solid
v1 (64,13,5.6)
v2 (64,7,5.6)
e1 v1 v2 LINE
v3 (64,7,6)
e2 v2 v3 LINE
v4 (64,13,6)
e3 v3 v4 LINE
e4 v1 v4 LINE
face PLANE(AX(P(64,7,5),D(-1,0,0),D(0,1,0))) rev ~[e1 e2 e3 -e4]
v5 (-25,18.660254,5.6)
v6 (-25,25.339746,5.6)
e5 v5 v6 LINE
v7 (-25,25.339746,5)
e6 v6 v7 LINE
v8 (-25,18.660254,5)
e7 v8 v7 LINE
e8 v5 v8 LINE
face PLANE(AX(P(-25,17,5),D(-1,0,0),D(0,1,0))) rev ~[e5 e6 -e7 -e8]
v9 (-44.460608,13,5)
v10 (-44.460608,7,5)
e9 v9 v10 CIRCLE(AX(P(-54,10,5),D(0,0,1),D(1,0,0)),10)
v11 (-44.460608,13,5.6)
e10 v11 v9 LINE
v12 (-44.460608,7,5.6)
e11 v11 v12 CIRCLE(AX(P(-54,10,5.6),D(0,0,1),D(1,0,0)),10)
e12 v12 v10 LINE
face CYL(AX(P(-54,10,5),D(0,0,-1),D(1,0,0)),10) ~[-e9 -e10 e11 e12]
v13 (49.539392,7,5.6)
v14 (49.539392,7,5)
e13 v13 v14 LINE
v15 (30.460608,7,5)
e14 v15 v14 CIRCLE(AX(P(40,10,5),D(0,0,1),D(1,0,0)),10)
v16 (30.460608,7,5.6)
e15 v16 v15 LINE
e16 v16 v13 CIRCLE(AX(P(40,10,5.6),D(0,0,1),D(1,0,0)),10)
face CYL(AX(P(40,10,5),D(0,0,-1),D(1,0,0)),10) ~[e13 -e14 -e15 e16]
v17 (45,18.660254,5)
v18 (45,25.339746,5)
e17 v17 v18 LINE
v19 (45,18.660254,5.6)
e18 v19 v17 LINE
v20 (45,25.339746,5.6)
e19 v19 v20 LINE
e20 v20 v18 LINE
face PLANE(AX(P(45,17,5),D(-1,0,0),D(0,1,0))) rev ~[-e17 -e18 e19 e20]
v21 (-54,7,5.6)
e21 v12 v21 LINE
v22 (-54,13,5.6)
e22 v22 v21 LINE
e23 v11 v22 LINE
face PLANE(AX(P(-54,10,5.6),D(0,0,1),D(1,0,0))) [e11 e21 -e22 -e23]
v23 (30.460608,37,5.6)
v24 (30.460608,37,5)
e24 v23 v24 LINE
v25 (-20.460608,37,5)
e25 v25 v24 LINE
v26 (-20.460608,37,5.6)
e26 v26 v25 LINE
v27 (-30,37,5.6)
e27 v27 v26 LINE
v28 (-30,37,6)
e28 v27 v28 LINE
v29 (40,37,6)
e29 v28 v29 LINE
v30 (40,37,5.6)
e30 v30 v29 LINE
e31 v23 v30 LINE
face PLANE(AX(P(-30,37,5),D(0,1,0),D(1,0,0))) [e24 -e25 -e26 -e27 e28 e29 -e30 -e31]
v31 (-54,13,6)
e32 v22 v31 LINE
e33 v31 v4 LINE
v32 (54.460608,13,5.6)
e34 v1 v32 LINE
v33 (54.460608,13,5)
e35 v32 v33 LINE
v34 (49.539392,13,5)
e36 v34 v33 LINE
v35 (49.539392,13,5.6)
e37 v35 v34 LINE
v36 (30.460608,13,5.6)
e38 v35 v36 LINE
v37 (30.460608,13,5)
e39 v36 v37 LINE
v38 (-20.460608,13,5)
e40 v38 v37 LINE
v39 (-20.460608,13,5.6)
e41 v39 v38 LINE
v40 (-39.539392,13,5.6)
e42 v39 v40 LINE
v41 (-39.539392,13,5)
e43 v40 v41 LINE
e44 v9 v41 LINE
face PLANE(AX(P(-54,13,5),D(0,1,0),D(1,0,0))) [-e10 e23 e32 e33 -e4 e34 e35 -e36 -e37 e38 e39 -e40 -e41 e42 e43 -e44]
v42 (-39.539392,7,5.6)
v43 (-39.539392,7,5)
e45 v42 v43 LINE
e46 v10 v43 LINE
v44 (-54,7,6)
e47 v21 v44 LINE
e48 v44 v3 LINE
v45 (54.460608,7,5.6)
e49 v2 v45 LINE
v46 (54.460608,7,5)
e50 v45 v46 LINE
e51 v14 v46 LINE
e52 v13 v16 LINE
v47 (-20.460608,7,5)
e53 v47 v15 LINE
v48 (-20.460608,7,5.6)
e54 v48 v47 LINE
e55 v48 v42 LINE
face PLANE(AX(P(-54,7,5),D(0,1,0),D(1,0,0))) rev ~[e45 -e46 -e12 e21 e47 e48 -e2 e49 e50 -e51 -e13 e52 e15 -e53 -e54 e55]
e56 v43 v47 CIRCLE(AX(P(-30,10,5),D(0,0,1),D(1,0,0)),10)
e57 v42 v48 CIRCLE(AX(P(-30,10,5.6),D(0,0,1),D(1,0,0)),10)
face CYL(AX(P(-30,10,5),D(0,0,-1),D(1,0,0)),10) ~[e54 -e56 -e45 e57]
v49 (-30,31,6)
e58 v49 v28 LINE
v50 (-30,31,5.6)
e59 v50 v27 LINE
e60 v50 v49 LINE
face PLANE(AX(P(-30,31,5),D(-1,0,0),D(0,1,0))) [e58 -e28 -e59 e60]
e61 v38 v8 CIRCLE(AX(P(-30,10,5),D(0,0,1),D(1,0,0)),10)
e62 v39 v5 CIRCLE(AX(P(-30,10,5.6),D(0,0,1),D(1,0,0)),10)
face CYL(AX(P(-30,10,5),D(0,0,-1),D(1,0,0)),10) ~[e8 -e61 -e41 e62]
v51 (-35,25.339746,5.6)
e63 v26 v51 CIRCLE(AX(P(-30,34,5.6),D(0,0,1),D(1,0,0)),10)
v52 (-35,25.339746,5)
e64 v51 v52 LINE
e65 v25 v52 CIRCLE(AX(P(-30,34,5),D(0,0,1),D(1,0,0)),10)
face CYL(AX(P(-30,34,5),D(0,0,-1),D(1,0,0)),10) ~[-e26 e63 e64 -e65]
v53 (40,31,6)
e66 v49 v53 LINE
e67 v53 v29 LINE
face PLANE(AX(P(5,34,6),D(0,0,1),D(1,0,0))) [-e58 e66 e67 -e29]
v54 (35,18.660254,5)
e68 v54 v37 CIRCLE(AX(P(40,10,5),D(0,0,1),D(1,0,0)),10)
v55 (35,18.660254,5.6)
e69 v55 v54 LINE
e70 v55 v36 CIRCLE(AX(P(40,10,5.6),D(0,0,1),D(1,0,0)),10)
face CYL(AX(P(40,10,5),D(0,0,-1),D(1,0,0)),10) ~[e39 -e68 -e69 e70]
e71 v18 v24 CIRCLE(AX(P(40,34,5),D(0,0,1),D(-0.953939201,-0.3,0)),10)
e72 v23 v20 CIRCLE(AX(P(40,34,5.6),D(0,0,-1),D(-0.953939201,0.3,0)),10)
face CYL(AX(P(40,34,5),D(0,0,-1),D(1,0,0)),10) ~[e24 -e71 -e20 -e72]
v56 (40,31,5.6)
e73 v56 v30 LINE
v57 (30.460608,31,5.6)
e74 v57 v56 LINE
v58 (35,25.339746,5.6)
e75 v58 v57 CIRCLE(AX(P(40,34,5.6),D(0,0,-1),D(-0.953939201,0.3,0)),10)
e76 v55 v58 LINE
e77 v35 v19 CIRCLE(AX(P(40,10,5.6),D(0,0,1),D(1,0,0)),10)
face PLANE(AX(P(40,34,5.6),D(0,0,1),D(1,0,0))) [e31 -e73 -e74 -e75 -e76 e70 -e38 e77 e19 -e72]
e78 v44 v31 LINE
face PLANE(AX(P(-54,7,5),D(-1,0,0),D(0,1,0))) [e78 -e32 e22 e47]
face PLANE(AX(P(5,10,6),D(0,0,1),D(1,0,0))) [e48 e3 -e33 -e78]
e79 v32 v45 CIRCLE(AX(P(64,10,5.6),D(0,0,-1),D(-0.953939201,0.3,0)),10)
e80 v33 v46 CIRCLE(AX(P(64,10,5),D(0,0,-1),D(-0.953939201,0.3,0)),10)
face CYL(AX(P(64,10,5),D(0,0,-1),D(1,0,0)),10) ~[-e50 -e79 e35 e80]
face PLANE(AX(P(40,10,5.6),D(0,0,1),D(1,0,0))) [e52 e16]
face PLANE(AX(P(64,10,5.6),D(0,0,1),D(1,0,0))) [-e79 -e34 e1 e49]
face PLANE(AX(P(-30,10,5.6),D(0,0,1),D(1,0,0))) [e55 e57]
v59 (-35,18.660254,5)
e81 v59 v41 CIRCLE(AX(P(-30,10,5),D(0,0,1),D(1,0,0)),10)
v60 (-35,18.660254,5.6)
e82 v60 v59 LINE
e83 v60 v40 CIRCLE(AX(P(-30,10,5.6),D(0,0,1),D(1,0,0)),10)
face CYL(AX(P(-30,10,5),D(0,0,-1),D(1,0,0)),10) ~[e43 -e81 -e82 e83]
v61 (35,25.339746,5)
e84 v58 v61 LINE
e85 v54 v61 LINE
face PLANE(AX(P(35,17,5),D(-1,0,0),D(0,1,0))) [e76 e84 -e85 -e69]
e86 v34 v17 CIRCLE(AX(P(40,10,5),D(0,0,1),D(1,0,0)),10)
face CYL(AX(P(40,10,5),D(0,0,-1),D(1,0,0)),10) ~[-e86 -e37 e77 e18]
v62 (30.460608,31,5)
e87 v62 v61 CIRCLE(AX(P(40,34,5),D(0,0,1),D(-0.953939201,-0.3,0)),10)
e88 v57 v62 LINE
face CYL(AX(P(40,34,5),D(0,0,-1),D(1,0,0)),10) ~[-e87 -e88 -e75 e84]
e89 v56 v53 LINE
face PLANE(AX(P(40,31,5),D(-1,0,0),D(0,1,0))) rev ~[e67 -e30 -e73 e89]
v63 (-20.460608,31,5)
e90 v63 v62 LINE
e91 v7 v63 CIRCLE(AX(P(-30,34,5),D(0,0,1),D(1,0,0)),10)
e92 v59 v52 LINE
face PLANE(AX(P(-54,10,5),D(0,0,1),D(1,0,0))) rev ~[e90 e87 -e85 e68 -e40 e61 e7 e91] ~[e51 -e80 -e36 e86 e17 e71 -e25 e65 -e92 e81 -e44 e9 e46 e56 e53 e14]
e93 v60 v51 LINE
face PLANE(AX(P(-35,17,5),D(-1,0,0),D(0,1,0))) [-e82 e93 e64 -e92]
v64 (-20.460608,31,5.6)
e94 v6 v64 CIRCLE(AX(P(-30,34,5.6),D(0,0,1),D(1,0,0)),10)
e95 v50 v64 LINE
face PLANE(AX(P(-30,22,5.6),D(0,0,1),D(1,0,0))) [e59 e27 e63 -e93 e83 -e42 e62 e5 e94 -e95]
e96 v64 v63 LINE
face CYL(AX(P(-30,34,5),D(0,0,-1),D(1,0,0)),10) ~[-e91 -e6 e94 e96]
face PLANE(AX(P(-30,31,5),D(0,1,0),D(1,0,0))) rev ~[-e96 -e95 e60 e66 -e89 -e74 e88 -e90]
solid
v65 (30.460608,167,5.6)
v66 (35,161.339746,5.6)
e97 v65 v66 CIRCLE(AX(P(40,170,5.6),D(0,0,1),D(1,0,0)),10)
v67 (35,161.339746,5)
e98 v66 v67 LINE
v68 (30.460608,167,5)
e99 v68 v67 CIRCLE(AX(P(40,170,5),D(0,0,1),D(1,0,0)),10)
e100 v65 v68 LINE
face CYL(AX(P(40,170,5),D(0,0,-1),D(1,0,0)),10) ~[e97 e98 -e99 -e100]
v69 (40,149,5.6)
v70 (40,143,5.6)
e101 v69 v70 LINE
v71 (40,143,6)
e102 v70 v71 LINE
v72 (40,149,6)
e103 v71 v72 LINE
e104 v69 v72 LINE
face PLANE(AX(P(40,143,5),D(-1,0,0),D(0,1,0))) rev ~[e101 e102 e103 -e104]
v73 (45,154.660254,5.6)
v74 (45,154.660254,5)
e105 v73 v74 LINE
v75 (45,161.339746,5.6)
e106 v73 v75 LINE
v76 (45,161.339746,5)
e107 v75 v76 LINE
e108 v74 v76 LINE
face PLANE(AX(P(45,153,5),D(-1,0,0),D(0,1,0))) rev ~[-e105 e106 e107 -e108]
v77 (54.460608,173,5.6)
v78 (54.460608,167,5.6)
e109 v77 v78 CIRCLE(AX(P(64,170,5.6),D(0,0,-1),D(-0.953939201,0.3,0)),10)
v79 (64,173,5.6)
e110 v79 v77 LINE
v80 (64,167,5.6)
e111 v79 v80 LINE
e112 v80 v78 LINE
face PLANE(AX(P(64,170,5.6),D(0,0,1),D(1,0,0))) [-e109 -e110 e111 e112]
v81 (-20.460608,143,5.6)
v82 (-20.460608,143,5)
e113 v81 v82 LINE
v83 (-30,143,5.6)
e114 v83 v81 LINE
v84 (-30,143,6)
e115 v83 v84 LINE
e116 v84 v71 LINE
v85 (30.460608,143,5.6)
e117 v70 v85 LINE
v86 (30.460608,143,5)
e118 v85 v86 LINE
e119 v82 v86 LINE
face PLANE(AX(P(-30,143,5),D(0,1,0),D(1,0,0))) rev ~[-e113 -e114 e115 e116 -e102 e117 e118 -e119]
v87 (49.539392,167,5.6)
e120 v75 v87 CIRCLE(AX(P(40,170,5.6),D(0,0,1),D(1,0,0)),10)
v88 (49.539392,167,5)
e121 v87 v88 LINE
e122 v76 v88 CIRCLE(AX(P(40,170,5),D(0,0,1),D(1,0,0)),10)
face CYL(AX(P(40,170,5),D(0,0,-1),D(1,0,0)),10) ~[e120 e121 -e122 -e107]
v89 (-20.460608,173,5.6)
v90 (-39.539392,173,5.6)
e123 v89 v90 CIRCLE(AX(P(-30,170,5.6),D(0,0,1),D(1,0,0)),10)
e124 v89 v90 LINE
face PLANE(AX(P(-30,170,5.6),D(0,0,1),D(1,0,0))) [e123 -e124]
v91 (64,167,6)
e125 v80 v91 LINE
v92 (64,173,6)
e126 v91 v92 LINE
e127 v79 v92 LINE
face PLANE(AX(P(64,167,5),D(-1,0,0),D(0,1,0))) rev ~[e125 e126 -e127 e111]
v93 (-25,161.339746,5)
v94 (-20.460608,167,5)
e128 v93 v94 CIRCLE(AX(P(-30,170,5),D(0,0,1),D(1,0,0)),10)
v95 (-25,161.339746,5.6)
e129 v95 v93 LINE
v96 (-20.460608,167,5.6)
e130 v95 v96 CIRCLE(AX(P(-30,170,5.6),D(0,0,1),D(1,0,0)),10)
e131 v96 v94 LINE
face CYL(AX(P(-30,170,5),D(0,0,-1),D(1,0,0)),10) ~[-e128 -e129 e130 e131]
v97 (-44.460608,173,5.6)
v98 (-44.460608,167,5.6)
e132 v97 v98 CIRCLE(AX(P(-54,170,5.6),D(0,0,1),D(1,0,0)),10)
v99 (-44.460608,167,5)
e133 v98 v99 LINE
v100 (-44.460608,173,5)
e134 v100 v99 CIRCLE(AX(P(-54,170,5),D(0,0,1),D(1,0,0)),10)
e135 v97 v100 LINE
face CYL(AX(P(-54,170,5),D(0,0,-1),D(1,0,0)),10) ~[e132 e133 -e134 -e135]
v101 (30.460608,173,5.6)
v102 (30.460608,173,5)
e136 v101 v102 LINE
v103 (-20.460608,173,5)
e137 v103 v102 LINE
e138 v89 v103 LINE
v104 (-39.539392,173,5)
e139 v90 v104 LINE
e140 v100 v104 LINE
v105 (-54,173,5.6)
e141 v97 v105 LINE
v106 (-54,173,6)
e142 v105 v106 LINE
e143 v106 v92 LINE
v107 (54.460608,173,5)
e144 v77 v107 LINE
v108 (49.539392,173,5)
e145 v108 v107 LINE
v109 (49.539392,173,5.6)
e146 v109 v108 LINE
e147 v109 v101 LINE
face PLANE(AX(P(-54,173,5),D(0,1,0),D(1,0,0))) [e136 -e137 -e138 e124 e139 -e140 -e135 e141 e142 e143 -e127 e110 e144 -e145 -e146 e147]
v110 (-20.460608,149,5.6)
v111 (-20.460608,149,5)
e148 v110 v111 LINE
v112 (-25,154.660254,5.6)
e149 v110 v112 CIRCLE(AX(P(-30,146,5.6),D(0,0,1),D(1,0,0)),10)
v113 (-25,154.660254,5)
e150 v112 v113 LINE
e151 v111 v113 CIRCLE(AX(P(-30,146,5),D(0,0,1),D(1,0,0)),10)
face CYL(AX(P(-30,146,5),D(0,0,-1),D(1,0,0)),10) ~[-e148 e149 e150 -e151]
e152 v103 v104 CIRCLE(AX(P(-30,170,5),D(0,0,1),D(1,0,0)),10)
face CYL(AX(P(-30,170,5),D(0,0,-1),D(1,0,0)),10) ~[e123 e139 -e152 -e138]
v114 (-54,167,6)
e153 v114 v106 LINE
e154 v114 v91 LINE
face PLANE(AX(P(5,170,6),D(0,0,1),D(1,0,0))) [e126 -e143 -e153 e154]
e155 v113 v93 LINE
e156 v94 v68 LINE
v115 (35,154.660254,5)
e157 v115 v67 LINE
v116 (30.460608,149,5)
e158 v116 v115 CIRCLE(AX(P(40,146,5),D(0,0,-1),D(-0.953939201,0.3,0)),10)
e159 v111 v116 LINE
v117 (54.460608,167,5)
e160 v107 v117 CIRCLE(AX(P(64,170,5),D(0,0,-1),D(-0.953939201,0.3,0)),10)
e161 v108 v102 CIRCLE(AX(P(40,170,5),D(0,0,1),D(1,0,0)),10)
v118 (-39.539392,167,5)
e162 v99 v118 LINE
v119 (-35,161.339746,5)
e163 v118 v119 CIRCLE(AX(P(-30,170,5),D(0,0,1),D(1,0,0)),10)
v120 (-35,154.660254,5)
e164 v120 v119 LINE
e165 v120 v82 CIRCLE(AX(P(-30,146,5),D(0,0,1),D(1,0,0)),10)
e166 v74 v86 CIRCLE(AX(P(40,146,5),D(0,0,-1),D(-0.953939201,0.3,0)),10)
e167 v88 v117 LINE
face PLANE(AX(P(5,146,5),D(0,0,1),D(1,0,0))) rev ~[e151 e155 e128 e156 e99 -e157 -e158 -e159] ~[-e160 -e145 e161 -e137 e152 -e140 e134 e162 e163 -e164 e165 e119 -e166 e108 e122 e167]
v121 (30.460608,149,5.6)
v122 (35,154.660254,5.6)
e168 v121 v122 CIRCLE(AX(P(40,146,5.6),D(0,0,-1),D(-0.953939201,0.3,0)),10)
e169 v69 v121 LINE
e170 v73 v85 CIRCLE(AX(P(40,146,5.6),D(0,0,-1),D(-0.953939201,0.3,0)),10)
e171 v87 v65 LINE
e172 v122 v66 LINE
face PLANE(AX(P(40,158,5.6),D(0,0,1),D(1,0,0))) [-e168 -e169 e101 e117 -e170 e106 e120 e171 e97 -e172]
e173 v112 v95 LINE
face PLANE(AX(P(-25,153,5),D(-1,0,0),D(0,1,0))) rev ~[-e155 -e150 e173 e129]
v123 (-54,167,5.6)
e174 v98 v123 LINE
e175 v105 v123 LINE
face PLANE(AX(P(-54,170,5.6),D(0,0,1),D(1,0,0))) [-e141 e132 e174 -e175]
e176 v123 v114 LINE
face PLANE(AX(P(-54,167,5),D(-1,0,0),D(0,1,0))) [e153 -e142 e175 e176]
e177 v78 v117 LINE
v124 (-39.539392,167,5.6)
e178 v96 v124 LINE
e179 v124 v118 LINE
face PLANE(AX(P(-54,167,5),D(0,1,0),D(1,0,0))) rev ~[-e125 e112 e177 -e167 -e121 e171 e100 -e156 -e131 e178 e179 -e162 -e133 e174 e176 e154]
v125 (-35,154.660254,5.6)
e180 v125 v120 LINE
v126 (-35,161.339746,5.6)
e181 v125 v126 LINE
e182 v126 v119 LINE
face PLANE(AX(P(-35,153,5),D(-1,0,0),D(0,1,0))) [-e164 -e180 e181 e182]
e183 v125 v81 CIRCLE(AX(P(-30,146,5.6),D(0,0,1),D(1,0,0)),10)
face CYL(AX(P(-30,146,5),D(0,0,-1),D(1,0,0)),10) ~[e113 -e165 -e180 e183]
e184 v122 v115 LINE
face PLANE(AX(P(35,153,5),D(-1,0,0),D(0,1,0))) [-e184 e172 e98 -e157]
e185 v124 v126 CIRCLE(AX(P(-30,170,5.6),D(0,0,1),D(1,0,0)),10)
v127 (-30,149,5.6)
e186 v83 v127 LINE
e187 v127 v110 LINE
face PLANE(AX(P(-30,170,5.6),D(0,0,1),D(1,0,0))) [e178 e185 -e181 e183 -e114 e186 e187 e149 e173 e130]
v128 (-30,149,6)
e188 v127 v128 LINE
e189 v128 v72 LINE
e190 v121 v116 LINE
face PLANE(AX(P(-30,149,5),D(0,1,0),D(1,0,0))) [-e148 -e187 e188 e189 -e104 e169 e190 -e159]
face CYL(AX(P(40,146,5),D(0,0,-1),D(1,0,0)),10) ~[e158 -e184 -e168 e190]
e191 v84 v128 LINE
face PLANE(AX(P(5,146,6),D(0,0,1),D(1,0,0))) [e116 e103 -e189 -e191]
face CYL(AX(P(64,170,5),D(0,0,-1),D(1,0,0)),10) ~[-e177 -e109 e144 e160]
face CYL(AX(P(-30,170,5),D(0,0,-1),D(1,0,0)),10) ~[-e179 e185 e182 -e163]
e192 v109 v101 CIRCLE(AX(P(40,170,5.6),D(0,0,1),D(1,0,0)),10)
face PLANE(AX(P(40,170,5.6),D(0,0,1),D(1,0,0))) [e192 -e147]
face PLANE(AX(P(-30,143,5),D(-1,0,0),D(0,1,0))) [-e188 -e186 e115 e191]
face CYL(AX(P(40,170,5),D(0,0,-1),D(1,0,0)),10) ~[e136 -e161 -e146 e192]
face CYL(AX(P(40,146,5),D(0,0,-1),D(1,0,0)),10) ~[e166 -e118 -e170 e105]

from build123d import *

# Parameters (mm, degrees)
CYLINDER018_R     = 10
CYLINDER018_DEPTH = 0.6
CYLINDER019_R     = 10
CYLINDER019_DEPTH = 0.6
CYLINDER020_R     = 10
CYLINDER020_DEPTH = 0.6
BOX015_W          = 70
BOX015_H          = 6
BOX015_DEPTH      = 1
BOX016_W          = 70
BOX016_H          = 6
BOX016_DEPTH      = 1
CYLINDER025_R     = 10
CYLINDER025_DEPTH = 0.6
CYLINDER026_R     = 10
CYLINDER026_DEPTH = 0.6
CYLINDER027_R     = 10
CYLINDER027_DEPTH = 0.6
CYLINDER028_R     = 10
CYLINDER028_DEPTH = 0.6
CYLINDER029_R     = 10
CYLINDER029_DEPTH = 0.6
CYLINDER030_R     = 10
CYLINDER030_DEPTH = 0.6
CYLINDER031_R     = 10
CYLINDER031_DEPTH = 0.6
CYLINDER032_R     = 10
CYLINDER032_DEPTH = 0.6
BOX019_W          = 118
BOX019_H          = 6
BOX019_DEPTH      = 1
BOX020_W          = 118
BOX020_H          = 6
BOX020_DEPTH      = 1
BOX021_W          = 10
BOX021_H          = 10
BOX021_DEPTH      = 0.6
BOX022_W          = 10
BOX022_H          = 10
BOX022_DEPTH      = 0.6
BOX023_W          = 10
BOX023_H          = 10
BOX023_DEPTH      = 0.6
BOX024_W          = 10
BOX024_H          = 10
BOX024_DEPTH      = 0.6
CYLINDER017_R     = 10
CYLINDER017_DEPTH = 0.6


with BuildPart() as cylinder018:
    # Cylinder018 → Cylinder018 (new body)
    with BuildSketch(Plane(origin=(64, 10, 5), x_dir=(1, 0, 0), z_dir=(0, 0, 1))):
        Circle(CYLINDER018_R)
    extrude(amount=CYLINDER018_DEPTH)


with BuildPart() as cylinder019:
    # Cylinder019 → Cylinder019 (new body)
    with BuildSketch(Plane(origin=(-54, 170, 5), x_dir=(1, 0, 0), z_dir=(0, 0, 1))):
        Circle(CYLINDER019_R)
    extrude(amount=CYLINDER019_DEPTH)


with BuildPart() as cylinder020:
    # Cylinder020 → Cylinder020 (new body)
    with BuildSketch(Plane(origin=(40, 146, 5), x_dir=(1, 0, 0), z_dir=(0, 0, 1))):
        Circle(CYLINDER020_R)
    extrude(amount=CYLINDER020_DEPTH)


with BuildPart() as cube015:
    # Box015 → Box015 (new body)
    with BuildSketch(Plane(origin=(-30, 31, 5), x_dir=(1, 0, 0), z_dir=(0, 0, 1))):
        with Locations((35, 3)):
            Rectangle(BOX015_W, BOX015_H)
    extrude(amount=BOX015_DEPTH)


with BuildPart() as cube016:
    # Box016 → Box016 (new body)
    with BuildSketch(Plane(origin=(-30, 143, 5), x_dir=(1, 0, 0), z_dir=(0, 0, 1))):
        with Locations((35, 3)):
            Rectangle(BOX016_W, BOX016_H)
    extrude(amount=BOX016_DEPTH)


with BuildPart() as cylinder025:
    # Cylinder025 → Cylinder025 (new body)
    with BuildSketch(Plane(origin=(40, 34, 5), x_dir=(1, 0, 0), z_dir=(0, 0, 1))):
        Circle(CYLINDER025_R)
    extrude(amount=CYLINDER025_DEPTH)


with BuildPart() as cylinder026:
    # Cylinder026 → Cylinder026 (new body)
    with BuildSketch(Plane(origin=(-30, 34, 5), x_dir=(1, 0, 0), z_dir=(0, 0, 1))):
        Circle(CYLINDER026_R)
    extrude(amount=CYLINDER026_DEPTH)


with BuildPart() as cylinder027:
    # Cylinder027 → Cylinder027 (new body)
    with BuildSketch(Plane(origin=(-30, 146, 5), x_dir=(1, 0, 0), z_dir=(0, 0, 1))):
        Circle(CYLINDER027_R)
    extrude(amount=CYLINDER027_DEPTH)


with BuildPart() as cylinder028:
    # Cylinder028 → Cylinder028 (new body)
    with BuildSketch(Plane(origin=(64, 170, 5), x_dir=(1, 0, 0), z_dir=(0, 0, 1))):
        Circle(CYLINDER028_R)
    extrude(amount=CYLINDER028_DEPTH)


with BuildPart() as cylinder029:
    # Cylinder029 → Cylinder029 (new body)
    with BuildSketch(Plane(origin=(40, 170, 5), x_dir=(1, 0, 0), z_dir=(0, 0, 1))):
        Circle(CYLINDER029_R)
    extrude(amount=CYLINDER029_DEPTH)


with BuildPart() as cylinder030:
    # Cylinder030 → Cylinder030 (new body)
    with BuildSketch(Plane(origin=(-30, 170, 5), x_dir=(1, 0, 0), z_dir=(0, 0, 1))):
        Circle(CYLINDER030_R)
    extrude(amount=CYLINDER030_DEPTH)


with BuildPart() as cylinder031:
    # Cylinder031 → Cylinder031 (new body)
    with BuildSketch(Plane(origin=(-30, 10, 5), x_dir=(1, 0, 0), z_dir=(0, 0, 1))):
        Circle(CYLINDER031_R)
    extrude(amount=CYLINDER031_DEPTH)


with BuildPart() as cylinder032:
    # Cylinder032 → Cylinder032 (new body)
    with BuildSketch(Plane(origin=(40, 10, 5), x_dir=(1, 0, 0), z_dir=(0, 0, 1))):
        Circle(CYLINDER032_R)
    extrude(amount=CYLINDER032_DEPTH)


with BuildPart() as cube019:
    # Box019 → Box019 (new body)
    with BuildSketch(Plane(origin=(-54, 7, 5), x_dir=(1, 0, 0), z_dir=(0, 0, 1))):
        with Locations((59, 3)):
            Rectangle(BOX019_W, BOX019_H)
    extrude(amount=BOX019_DEPTH)


with BuildPart() as cube020:
    # Box020 → Box020 (new body)
    with BuildSketch(Plane(origin=(-54, 167, 5), x_dir=(1, 0, 0), z_dir=(0, 0, 1))):
        with Locations((59, 3)):
            Rectangle(BOX020_W, BOX020_H)
    extrude(amount=BOX020_DEPTH)


with BuildPart() as cube021:
    # Box021 → Box021 (new body)
    with BuildSketch(Plane(origin=(-35, 17, 5), x_dir=(1, 0, 0), z_dir=(0, 0, 1))):
        with Locations((5, 5)):
            Rectangle(BOX021_W, BOX021_H)
    extrude(amount=BOX021_DEPTH)


with BuildPart() as cube022:
    # Box022 → Box022 (new body)
    with BuildSketch(Plane(origin=(35, 17, 5), x_dir=(1, 0, 0), z_dir=(0, 0, 1))):
        with Locations((5, 5)):
            Rectangle(BOX022_W, BOX022_H)
    extrude(amount=BOX022_DEPTH)


with BuildPart() as cube023:
    # Box023 → Box023 (new body)
    with BuildSketch(Plane(origin=(35, 153, 5), x_dir=(1, 0, 0), z_dir=(0, 0, 1))):
        with Locations((5, 5)):
            Rectangle(BOX023_W, BOX023_H)
    extrude(amount=BOX023_DEPTH)


with BuildPart() as cube024:
    # Box024 → Box024 (new body)
    with BuildSketch(Plane(origin=(-35, 153, 5), x_dir=(1, 0, 0), z_dir=(0, 0, 1))):
        with Locations((5, 5)):
            Rectangle(BOX024_W, BOX024_H)
    extrude(amount=BOX024_DEPTH)


with BuildPart() as fusion017:
    # Cylinder017 → Cylinder017 (new body)
    with BuildSketch(Plane(origin=(-54, 10, 5), x_dir=(1, 0, 0), z_dir=(0, 0, 1))):
        Circle(CYLINDER017_R)
    extrude(amount=CYLINDER017_DEPTH)

    # Fusion017: union Cylinder018, Cylinder019, Cylinder020, Cube015, Cube016, Cylinder025, Cylinder026, Cylinder027, Cylinder028, Cylinder029, Cylinder030, Cylinder031, Cylinder032, Cube019, Cube020, Cube021, Cube022, Cube023, Cube024
    add(cylinder018.part)
    add(cylinder019.part)
    add(cylinder020.part)
    add(cube015.part)
    add(cube016.part)
    add(cylinder025.part)
    add(cylinder026.part)
    add(cylinder027.part)
    add(cylinder028.part)
    add(cylinder029.part)
    add(cylinder030.part)
    add(cylinder031.part)
    add(cylinder032.part)
    add(cube019.part)
    add(cube020.part)
    add(cube021.part)
    add(cube022.part)
    add(cube023.part)
    add(cube024.part)


solid = fusion017.part
